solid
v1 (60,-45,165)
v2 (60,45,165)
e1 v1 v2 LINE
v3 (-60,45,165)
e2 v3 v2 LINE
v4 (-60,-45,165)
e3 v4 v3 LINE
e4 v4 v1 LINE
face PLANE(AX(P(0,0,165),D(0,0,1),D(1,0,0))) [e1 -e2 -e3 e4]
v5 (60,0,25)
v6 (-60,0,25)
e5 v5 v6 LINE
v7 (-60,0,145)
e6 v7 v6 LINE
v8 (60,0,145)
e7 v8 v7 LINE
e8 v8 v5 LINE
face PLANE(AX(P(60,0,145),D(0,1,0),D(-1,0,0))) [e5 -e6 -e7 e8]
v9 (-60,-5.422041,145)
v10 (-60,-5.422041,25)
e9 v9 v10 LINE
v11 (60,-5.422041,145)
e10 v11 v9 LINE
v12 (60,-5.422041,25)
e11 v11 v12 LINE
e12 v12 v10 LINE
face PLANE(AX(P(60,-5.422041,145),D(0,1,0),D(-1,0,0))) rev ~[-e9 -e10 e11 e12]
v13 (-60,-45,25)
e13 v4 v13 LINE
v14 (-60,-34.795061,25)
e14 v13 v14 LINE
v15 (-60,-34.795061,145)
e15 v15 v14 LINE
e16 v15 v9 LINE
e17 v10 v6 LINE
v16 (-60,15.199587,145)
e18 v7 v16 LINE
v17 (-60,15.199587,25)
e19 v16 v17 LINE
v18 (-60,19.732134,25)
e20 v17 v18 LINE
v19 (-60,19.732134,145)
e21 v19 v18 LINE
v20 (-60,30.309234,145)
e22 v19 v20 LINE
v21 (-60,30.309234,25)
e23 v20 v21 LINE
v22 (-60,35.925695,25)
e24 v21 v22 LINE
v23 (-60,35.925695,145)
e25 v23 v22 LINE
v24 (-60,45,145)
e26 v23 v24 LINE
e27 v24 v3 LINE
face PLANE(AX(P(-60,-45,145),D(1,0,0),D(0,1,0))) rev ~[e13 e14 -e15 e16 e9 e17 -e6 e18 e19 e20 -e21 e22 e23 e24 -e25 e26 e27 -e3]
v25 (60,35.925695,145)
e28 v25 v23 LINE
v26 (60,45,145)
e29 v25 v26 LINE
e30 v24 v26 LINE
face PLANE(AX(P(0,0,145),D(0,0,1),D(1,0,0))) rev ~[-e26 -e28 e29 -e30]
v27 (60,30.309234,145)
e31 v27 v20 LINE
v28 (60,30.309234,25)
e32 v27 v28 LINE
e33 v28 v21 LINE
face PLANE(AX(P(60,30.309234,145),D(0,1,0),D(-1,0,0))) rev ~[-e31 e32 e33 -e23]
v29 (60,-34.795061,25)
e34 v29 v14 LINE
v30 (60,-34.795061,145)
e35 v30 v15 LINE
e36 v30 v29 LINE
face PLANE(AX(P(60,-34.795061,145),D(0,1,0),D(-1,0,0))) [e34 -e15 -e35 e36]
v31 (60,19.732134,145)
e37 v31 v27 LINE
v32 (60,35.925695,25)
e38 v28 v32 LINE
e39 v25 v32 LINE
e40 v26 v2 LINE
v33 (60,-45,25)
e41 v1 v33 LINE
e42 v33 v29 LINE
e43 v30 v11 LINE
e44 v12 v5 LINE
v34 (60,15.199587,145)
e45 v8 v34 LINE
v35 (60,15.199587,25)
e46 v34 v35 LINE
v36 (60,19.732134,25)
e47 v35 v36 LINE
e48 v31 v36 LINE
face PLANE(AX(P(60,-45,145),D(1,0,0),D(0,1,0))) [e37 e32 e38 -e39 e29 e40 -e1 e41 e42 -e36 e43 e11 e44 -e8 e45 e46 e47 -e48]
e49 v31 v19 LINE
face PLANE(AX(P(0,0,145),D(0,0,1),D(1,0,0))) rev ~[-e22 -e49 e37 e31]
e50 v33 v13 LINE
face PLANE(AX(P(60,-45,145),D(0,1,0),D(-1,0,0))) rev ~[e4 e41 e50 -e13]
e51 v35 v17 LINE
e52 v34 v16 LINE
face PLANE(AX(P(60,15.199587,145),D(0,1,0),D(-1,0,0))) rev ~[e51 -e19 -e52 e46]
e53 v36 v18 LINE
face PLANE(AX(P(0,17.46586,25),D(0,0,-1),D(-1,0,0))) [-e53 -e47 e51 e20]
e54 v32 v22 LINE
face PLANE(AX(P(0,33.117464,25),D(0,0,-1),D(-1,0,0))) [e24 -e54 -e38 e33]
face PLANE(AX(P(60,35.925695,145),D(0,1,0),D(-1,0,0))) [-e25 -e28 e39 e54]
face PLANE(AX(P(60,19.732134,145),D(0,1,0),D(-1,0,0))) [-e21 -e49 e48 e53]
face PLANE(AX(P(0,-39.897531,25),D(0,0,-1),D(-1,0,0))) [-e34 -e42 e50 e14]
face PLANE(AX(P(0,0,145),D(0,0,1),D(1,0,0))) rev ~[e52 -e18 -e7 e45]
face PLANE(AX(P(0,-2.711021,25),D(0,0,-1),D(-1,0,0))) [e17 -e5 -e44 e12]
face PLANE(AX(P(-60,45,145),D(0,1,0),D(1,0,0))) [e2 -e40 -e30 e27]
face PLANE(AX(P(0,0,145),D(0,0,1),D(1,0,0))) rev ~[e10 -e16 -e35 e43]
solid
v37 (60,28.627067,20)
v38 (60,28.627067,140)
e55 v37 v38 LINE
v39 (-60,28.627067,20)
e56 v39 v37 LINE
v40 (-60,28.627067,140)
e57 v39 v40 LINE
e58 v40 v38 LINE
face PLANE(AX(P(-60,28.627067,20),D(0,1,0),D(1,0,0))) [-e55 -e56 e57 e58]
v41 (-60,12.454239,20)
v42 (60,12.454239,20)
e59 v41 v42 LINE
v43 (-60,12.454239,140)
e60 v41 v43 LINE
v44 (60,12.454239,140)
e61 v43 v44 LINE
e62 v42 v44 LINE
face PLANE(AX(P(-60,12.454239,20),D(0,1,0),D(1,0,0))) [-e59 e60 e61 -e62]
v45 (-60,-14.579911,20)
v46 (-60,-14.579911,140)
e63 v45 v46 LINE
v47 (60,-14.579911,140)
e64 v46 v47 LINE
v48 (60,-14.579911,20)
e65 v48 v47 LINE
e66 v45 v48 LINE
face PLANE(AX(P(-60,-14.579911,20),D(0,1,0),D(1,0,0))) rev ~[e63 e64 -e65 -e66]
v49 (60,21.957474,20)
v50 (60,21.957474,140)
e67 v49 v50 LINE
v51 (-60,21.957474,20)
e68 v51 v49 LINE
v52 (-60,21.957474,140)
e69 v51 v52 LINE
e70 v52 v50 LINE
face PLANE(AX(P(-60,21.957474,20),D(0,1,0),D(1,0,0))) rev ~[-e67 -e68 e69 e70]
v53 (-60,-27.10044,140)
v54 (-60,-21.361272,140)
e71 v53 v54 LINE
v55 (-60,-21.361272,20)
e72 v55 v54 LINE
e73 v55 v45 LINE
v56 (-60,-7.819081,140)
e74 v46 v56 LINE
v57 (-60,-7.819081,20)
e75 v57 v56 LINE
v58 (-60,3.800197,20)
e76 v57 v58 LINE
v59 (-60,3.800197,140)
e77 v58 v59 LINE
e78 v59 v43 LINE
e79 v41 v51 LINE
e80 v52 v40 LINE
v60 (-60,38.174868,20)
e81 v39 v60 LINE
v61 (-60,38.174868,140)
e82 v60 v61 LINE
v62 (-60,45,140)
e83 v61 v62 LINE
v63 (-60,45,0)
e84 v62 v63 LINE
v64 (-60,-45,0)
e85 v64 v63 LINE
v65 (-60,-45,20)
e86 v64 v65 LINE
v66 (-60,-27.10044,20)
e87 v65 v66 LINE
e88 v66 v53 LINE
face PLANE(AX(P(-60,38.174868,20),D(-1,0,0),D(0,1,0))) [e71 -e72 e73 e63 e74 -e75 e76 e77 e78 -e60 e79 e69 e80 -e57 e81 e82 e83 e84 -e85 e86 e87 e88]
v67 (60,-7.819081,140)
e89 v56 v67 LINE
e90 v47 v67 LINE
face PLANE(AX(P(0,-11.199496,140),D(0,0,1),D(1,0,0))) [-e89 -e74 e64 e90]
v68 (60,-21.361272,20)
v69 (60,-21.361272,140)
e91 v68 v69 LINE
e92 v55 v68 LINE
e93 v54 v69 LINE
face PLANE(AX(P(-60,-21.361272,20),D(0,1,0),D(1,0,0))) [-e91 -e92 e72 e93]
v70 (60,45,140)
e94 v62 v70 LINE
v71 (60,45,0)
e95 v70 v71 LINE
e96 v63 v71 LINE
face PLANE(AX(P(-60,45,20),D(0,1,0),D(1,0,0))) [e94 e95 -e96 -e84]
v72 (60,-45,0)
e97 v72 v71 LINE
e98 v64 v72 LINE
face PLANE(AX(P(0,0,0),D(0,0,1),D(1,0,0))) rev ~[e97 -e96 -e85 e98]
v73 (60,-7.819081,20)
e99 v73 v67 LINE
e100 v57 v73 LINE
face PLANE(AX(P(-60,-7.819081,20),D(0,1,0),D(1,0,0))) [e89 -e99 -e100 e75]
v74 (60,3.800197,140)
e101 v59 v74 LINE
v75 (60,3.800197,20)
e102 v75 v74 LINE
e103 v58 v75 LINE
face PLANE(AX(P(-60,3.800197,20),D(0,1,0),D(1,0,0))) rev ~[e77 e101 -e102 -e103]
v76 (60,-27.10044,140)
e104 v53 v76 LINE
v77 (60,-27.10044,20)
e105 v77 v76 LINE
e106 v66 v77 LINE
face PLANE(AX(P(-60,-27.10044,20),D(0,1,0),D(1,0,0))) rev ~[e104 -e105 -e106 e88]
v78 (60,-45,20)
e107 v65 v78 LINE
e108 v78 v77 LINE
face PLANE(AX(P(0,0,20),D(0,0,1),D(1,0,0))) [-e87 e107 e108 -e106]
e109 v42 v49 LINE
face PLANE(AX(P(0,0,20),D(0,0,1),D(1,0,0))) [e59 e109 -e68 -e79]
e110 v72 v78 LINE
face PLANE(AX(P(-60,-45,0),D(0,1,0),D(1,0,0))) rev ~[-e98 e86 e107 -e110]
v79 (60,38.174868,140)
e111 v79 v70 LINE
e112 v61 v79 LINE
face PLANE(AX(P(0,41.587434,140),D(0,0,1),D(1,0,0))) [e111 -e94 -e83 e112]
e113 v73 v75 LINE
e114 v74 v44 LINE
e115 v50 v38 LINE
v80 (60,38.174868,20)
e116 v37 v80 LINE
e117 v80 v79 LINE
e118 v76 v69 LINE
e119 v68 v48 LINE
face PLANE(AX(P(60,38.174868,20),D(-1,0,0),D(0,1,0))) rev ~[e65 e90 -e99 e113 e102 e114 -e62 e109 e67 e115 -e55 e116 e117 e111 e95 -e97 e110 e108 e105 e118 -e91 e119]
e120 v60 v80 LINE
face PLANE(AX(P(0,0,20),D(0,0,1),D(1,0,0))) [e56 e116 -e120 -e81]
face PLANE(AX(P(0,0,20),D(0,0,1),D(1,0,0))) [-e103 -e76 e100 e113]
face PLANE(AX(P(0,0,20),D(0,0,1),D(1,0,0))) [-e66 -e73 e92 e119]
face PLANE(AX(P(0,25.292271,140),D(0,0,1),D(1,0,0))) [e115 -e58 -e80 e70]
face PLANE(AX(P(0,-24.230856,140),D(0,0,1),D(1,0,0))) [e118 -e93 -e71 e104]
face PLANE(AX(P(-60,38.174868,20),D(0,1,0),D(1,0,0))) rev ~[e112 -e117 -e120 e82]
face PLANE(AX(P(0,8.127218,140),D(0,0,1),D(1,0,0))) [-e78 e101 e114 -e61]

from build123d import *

# Parameters (mm, degrees)
SKETCH1_W           = 120
SKETCH1_H           = 90
BOSS_EXTRUDE1_DEPTH = 20
SKETCH2_W           = 120
SKETCH2_H           = 6.825131856
SKETCH2_H_2         = 6.669593715
SKETCH2_H_3         = 8.654042108
SKETCH2_H_4         = 6.760829407
BOSS_EXTRUDE2_DEPTH = 120
BOSS_EXTRUDE3_START = 5
SKETCH3_W           = 120
SKETCH3_H           = 90
BOSS_EXTRUDE3_DEPTH = 20
SKETCH4_W           = 120
SKETCH4_H           = 10.204938942
SKETCH4_H_2         = 5.422041007
SKETCH4_H_3         = 4.532546326
SKETCH4_H_4         = 5.616460423
BOSS_EXTRUDE4_DEPTH = 120
SKETCH6_W           = 120
SKETCH6_H           = 5.739167773
BOSS_EXTRUDE5_DEPTH = 120


with BuildPart() as part:
    # Sketch1 → Boss-Extrude1 (new body)
    with BuildSketch(Plane.XY):
        Rectangle(SKETCH1_W, SKETCH1_H)
    extrude(amount=BOSS_EXTRUDE1_DEPTH)

    # Sketch2 → Boss-Extrude2 (add)
    with BuildSketch(Plane.XY.offset(20)):
        with Locations((0, 41.587434072)):
            Rectangle(SKETCH2_W, SKETCH2_H)
        with Locations((0, 25.292270515)):
            Rectangle(SKETCH2_W, SKETCH2_H_2)
        with Locations((0, 8.127218066)):
            Rectangle(SKETCH2_W, SKETCH2_H_3)
        with Locations((0, -11.199496108)):
            Rectangle(SKETCH2_W, SKETCH2_H_4)
    extrude(amount=BOSS_EXTRUDE2_DEPTH)

    # Sketch6 → Boss-Extrude5 (add)
    with BuildSketch(Plane.XY.offset(20)):
        with Locations((0, -24.230856336)):
            Rectangle(SKETCH6_W, SKETCH6_H)
    extrude(amount=BOSS_EXTRUDE5_DEPTH)


with BuildPart() as body_2:
    # Sketch3 → Boss-Extrude3 (new body)
    with BuildSketch(Plane.XY.offset(140).offset(BOSS_EXTRUDE3_START)):
        Rectangle(SKETCH3_W, SKETCH3_H)
    extrude(amount=BOSS_EXTRUDE3_DEPTH)

    # Sketch4 → Boss-Extrude4 (add)
    with BuildSketch(Plane(origin=(0, 0, 145), x_dir=(-1, 0, 0), z_dir=(0, 0, -1))):
        with Locations((0, -39.897530529)):
            Rectangle(SKETCH4_W, SKETCH4_H)
        with Locations((0, -2.711020504)):
            Rectangle(SKETCH4_W, SKETCH4_H_2)
        with Locations((0, 17.465860455)):
            Rectangle(SKETCH4_W, SKETCH4_H_3)
        with Locations((0, 33.117464461)):
            Rectangle(SKETCH4_W, SKETCH4_H_4)
    extrude(amount=BOSS_EXTRUDE4_DEPTH)


solid = Compound([part.part, body_2.part])
